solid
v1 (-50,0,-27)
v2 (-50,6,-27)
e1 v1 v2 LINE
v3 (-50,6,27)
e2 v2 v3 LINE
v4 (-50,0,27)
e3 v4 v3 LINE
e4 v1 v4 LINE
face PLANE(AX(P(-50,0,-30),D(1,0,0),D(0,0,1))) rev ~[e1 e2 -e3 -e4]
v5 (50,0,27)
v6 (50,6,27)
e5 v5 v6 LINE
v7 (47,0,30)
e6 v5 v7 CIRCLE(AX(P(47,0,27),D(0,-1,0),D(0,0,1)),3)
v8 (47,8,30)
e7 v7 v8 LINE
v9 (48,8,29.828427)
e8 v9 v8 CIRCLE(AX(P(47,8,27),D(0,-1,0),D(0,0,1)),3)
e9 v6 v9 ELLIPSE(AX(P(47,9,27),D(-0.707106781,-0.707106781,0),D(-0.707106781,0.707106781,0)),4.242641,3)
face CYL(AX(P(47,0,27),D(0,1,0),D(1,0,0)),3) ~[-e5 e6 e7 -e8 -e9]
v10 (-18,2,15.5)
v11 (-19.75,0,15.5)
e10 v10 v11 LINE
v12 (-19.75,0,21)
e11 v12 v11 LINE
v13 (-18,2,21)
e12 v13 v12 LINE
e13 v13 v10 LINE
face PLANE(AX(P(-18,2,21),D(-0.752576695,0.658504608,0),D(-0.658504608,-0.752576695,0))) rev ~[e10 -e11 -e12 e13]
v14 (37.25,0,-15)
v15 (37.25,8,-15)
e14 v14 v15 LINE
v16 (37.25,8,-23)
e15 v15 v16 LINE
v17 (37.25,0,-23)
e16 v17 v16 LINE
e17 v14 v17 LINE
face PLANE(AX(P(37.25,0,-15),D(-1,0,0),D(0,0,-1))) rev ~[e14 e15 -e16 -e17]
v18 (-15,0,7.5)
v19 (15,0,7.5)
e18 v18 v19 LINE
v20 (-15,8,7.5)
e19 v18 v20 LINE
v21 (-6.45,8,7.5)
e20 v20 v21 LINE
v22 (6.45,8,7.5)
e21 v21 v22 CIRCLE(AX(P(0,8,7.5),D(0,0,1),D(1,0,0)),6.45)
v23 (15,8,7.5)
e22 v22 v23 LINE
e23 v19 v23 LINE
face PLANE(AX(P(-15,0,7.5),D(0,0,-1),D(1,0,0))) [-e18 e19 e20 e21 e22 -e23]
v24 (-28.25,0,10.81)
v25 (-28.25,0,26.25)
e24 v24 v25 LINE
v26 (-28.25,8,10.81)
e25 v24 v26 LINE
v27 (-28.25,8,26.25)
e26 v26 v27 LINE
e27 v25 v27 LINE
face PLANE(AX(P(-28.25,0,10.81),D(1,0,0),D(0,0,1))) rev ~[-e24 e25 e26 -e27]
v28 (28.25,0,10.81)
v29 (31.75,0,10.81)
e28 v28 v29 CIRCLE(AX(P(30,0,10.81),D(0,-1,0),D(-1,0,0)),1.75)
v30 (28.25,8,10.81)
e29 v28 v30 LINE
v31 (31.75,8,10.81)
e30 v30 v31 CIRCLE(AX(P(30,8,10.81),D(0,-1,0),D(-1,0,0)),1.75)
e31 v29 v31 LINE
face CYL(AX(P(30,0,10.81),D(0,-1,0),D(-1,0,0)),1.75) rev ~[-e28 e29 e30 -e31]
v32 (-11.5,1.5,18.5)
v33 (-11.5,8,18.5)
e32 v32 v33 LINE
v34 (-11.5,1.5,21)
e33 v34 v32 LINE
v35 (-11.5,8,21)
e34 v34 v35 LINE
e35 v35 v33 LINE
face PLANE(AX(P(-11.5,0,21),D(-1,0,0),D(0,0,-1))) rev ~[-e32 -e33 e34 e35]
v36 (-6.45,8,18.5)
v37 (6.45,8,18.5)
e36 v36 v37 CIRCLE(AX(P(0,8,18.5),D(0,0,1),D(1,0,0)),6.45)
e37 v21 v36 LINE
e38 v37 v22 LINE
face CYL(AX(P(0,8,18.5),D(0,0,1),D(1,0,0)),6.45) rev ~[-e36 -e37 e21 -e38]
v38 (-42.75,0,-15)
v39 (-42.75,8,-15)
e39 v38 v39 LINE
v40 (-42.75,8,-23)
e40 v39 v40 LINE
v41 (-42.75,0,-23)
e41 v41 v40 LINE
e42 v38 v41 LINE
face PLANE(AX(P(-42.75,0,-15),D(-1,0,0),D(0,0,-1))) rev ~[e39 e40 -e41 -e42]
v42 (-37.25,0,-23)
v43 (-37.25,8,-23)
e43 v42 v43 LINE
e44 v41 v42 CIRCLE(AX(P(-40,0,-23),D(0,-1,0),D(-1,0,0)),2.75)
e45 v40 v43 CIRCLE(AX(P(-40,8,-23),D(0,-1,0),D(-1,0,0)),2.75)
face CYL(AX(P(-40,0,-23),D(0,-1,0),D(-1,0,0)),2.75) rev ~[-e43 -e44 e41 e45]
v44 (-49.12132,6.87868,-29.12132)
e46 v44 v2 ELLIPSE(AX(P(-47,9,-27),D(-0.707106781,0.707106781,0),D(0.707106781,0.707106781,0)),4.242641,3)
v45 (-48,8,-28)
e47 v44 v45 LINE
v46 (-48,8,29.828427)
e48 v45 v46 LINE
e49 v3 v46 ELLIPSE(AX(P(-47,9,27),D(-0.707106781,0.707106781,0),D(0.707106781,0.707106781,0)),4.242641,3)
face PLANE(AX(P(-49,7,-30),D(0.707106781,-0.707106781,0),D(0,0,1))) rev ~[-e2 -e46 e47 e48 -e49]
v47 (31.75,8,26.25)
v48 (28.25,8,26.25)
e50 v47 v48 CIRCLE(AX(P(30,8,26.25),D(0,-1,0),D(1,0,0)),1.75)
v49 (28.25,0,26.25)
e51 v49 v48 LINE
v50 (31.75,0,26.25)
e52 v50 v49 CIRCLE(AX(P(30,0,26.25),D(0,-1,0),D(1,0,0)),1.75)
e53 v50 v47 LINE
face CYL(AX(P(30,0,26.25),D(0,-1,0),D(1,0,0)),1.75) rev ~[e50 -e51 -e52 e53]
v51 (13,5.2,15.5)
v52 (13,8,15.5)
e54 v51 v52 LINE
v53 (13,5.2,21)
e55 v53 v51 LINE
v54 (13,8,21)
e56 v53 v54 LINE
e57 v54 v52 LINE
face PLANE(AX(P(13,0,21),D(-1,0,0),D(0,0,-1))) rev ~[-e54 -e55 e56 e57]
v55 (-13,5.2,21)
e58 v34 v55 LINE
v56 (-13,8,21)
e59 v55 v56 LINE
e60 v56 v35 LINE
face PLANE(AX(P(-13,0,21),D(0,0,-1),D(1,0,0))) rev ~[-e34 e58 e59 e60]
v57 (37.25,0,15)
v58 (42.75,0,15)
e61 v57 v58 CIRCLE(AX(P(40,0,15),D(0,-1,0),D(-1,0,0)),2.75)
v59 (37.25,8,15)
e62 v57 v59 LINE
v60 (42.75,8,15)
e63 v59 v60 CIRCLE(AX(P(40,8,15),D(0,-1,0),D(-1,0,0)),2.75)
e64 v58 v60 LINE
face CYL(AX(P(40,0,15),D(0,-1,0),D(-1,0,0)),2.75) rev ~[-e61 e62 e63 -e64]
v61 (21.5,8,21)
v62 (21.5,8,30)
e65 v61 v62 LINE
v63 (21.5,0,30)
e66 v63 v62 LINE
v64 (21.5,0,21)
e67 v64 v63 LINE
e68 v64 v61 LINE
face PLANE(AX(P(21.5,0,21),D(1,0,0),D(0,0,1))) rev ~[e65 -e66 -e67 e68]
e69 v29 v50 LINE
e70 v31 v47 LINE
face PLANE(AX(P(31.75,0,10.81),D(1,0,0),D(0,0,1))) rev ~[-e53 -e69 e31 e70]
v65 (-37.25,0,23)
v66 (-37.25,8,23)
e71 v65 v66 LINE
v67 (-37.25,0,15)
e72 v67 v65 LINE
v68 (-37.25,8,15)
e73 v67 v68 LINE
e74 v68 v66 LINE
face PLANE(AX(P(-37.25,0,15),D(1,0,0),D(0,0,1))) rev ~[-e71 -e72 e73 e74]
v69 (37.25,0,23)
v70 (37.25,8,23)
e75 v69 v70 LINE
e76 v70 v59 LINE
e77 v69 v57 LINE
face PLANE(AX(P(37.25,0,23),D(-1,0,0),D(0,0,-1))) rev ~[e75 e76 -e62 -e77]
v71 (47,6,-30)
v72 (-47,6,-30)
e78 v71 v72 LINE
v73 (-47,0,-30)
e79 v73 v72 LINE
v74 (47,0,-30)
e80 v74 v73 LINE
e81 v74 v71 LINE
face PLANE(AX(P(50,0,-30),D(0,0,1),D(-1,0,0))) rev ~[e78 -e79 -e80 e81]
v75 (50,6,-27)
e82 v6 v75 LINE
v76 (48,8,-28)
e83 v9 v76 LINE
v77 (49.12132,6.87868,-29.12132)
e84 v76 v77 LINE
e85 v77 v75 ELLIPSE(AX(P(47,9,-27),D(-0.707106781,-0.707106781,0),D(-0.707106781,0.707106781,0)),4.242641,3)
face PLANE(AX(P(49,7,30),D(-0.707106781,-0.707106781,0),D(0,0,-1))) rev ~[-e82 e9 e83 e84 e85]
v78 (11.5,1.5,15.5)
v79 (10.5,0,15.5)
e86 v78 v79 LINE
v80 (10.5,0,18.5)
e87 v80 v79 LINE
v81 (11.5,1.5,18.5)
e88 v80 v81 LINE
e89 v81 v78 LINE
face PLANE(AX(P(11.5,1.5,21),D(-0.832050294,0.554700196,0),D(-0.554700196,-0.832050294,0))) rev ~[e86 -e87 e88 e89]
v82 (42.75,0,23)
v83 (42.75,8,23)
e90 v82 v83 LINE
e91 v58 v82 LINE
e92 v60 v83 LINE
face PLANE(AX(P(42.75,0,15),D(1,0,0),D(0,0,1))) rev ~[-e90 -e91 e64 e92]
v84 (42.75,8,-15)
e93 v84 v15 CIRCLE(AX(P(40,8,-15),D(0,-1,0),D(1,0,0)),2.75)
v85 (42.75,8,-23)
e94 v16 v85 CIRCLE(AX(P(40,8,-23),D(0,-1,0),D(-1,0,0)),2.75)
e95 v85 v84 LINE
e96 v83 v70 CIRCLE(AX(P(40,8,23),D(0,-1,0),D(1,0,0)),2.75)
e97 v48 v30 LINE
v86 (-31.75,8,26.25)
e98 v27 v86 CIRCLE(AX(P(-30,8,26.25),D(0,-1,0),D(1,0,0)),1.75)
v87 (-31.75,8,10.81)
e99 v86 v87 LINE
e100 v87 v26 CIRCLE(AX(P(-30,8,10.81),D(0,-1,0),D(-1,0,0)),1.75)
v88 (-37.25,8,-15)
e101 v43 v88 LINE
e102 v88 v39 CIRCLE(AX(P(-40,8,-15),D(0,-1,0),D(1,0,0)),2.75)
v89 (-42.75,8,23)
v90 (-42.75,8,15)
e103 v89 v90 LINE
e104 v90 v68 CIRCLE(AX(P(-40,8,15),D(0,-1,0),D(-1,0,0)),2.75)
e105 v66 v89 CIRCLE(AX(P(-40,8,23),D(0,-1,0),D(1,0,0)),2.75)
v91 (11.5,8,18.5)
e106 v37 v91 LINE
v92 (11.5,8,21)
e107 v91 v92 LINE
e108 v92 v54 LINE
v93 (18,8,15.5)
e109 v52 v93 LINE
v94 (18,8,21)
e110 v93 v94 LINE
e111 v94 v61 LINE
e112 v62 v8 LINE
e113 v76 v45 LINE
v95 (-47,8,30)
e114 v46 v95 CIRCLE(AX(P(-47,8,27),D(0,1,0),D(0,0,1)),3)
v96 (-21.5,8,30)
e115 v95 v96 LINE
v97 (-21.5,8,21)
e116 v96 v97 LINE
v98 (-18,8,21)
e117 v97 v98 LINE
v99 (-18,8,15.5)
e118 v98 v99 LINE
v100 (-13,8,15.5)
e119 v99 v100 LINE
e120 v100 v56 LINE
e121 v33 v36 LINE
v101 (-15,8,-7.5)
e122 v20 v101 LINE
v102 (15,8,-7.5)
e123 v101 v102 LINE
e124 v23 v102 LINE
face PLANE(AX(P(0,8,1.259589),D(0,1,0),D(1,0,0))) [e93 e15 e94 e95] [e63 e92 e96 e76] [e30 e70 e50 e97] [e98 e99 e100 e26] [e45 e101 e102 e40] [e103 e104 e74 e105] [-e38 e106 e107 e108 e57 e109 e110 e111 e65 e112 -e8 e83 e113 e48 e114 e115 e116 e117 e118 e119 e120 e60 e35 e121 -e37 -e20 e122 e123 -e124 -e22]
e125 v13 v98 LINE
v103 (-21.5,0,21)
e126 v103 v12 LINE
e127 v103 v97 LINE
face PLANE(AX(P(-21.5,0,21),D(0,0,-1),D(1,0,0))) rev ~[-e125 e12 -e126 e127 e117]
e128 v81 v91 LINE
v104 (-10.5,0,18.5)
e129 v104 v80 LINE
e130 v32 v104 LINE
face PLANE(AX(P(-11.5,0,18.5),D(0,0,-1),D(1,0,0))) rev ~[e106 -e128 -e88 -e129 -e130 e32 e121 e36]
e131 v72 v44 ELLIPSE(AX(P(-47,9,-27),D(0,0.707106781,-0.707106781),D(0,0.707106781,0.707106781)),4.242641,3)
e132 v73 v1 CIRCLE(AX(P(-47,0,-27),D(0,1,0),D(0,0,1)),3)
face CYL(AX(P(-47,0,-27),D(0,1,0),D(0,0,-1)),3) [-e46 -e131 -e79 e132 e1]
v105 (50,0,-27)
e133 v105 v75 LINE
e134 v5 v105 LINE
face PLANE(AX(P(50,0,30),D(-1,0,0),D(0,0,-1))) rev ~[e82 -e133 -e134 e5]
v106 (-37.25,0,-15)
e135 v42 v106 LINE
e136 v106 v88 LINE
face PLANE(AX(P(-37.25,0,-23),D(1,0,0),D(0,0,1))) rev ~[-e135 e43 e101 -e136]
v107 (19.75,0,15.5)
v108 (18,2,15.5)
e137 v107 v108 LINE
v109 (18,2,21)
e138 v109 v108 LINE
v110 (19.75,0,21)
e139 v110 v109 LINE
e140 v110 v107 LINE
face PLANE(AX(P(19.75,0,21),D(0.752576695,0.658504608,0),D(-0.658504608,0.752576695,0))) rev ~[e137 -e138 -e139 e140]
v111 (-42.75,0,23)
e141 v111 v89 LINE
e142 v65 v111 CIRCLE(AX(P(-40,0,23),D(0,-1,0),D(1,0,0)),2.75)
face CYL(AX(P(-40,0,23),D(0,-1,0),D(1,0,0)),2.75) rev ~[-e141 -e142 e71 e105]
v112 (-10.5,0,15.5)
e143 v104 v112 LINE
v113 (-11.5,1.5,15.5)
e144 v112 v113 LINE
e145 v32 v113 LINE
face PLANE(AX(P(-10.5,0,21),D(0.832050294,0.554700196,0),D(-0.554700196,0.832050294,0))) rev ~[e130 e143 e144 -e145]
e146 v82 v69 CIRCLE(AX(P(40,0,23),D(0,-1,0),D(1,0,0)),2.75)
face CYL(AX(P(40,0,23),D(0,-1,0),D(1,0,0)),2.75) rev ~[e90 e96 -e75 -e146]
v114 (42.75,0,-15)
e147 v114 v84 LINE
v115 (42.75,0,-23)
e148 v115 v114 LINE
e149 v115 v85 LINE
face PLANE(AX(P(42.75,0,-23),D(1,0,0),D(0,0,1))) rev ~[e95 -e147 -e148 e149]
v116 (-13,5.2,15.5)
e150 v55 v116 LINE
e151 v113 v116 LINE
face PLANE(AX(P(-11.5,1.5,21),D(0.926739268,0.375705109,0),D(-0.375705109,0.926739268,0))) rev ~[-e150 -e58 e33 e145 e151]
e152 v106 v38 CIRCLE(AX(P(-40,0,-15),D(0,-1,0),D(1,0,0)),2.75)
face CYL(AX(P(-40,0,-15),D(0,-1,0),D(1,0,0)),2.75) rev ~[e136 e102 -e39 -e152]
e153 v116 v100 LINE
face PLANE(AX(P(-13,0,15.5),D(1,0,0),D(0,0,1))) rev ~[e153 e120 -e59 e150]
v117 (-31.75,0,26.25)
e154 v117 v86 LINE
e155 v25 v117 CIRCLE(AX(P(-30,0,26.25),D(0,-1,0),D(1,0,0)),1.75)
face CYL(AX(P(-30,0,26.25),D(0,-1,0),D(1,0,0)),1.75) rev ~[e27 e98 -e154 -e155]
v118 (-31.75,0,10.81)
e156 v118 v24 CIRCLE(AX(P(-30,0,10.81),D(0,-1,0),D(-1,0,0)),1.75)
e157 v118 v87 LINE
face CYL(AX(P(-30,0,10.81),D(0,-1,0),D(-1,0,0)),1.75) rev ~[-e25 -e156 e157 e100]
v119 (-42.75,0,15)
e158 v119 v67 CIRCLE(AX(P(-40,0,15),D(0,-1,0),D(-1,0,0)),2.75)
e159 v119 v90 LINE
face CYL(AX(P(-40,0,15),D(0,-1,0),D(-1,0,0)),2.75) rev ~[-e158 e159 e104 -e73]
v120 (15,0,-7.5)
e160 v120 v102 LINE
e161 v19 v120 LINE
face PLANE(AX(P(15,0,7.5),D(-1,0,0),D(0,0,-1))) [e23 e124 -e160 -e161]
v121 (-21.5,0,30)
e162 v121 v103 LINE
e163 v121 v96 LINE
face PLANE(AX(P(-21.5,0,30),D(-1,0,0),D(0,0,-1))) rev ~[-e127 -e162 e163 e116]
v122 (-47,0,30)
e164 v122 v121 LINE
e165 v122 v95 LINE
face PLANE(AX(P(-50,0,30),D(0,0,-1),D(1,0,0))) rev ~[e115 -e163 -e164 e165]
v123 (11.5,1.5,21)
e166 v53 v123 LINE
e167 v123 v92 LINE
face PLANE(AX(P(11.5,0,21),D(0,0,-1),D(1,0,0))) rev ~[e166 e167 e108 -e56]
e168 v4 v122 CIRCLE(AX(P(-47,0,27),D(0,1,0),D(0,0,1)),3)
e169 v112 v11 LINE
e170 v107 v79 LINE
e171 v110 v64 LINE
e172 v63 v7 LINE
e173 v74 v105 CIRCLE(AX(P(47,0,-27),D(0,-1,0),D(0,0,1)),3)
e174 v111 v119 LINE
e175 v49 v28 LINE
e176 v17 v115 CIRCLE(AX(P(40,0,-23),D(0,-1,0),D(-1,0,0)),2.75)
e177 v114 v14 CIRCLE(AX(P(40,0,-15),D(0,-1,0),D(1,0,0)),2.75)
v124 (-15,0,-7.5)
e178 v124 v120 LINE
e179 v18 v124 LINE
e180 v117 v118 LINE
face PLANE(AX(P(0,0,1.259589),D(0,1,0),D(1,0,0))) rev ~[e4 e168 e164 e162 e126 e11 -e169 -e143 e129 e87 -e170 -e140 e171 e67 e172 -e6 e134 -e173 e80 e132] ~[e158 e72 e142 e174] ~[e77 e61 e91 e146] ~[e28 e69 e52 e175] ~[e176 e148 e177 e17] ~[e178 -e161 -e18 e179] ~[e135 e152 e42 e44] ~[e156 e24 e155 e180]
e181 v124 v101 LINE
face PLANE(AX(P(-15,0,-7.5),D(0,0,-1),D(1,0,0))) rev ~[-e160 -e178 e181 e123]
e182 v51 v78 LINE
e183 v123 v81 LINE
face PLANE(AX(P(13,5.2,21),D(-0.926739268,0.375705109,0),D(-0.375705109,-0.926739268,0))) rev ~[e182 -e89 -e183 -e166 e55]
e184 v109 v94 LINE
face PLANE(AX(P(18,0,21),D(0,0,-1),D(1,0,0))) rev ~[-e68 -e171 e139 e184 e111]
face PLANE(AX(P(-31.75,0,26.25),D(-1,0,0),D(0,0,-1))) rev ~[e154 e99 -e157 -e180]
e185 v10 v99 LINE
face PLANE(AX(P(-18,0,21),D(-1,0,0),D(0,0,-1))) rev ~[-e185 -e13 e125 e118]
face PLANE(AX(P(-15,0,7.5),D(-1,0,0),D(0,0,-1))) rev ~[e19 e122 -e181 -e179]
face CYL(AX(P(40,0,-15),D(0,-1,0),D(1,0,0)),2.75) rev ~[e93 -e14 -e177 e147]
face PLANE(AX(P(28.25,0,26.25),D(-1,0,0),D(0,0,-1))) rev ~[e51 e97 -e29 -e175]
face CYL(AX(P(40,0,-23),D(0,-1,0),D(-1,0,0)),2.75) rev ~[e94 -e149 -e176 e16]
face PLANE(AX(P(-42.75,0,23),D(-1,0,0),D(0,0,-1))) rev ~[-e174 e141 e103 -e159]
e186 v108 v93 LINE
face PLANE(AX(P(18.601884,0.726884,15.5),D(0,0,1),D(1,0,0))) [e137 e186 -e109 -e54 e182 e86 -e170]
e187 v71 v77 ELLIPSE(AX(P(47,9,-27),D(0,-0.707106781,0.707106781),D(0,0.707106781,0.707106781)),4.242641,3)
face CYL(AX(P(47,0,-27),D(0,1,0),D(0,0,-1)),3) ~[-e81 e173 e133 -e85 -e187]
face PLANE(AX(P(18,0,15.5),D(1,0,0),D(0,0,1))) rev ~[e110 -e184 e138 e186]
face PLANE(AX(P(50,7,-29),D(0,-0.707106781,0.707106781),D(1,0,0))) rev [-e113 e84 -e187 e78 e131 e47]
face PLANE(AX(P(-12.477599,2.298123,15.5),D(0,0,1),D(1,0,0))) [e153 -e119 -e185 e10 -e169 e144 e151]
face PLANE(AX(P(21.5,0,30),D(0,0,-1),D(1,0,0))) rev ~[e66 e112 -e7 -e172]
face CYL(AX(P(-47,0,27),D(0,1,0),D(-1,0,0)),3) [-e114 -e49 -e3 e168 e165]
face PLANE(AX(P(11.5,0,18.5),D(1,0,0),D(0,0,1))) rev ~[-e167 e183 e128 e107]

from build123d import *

# Parameters (mm, degrees)
SKETCH1_W           = 30
SKETCH1_H           = 15
BOSS_EXTRUDE1_DEPTH = 8
SKETCH4_R           = 6.45
CUT_EXTRUDE1_DEPTH  = 11
CUT_EXTRUDE2_DEPTH  = 5.5
CHAMFER1_SIZE       = 2
FILLET1_R           = 3


with BuildPart() as part:
    # Sketch1 → Boss-Extrude1 (new body)
    with BuildSketch(Plane(origin=(0, 0, 0), x_dir=(1, 0, 0), z_dir=(0, 1, 0))):
        Polygon((50, 30), (-50, 30), (-50, -30), (-21.5, -30), (-21.5, -21), (-18, -21), (-18, -15.5), (-13, -15.5), (-13, -21), (-11.5, -21), (-11.5, -18.5), (11.5, -18.5), (11.5, -21), (13, -21), (13, -15.5), (18, -15.5), (18, -21), (21.5, -21), (21.5, -30), (50, -30), align=None)
        with BuildLine():
            ThreePointArc((-42.75, -15), (-40, -12.25), (-37.25, -15))
            Line((-37.25, -15), (-37.25, -19))
            Line((-37.25, -19), (-37.25, -23))
            ThreePointArc((-37.25, -23), (-40, -25.75), (-42.75, -23))
            Line((-42.75, -23), (-42.75, -19))
            Line((-42.75, -19), (-42.75, -15))
        make_face(mode=Mode.SUBTRACT)
        with BuildLine():
            ThreePointArc((-28.25, -26.25), (-30, -28), (-31.75, -26.25))
            Line((-31.75, -26.25), (-31.75, -10.81))
            ThreePointArc((-31.75, -10.81), (-30, -9.06), (-28.25, -10.81))
            Line((-28.25, -10.81), (-28.25, -26.25))
        make_face(mode=Mode.SUBTRACT)
        with BuildLine():
            ThreePointArc((28.25, -10.81), (30, -9.06), (31.75, -10.81))
            Line((31.75, -10.81), (31.75, -26.25))
            ThreePointArc((31.75, -26.25), (30, -28), (28.25, -26.25))
            Line((28.25, -26.25), (28.25, -10.81))
        make_face(mode=Mode.SUBTRACT)
        with BuildLine():
            ThreePointArc((42.75, -23), (40, -25.75), (37.25, -23))
            Line((37.25, -23), (37.25, -19))
            Line((37.25, -19), (37.25, -15))
            ThreePointArc((37.25, -15), (40, -12.25), (42.75, -15))
            Line((42.75, -15), (42.75, -19))
            Line((42.75, -19), (42.75, -23))
        make_face(mode=Mode.SUBTRACT)
        with BuildLine():
            ThreePointArc((-42.75, 23), (-40, 25.75), (-37.25, 23))
            Line((-37.25, 23), (-37.25, 19))
            Line((-37.25, 19), (-37.25, 15))
            ThreePointArc((-37.25, 15), (-40, 12.25), (-42.75, 15))
            Line((-42.75, 15), (-42.75, 19))
            Line((-42.75, 19), (-42.75, 23))
        make_face(mode=Mode.SUBTRACT)
        Rectangle(SKETCH1_W, SKETCH1_H, mode=Mode.SUBTRACT)
        with BuildLine():
            ThreePointArc((37.25, 23), (40, 25.75), (42.75, 23))
            Line((42.75, 23), (42.75, 19))
            Line((42.75, 19), (42.75, 15))
            ThreePointArc((42.75, 15), (40, 12.25), (37.25, 15))
            Line((37.25, 15), (37.25, 19))
            Line((37.25, 19), (37.25, 23))
        make_face(mode=Mode.SUBTRACT)
    extrude(amount=BOSS_EXTRUDE1_DEPTH)

    # Sketch4 → Cut-Extrude1 (cut)
    with BuildSketch(Plane.XY.offset(18.5)):
        with Locations((0, 8)):
            Circle(SKETCH4_R)
    extrude(amount=-CUT_EXTRUDE1_DEPTH, mode=Mode.SUBTRACT)

    # Sketch5 → Cut-Extrude2 (cut)
    with BuildSketch(Plane.XY.offset(21)):
        Polygon((13, 0), (13, 5.2), (11.5, 1.5), (11.5, 0), align=None)
        Polygon((19.75, 0), (18, 2), (18, 0), align=None)
        Polygon((-11.5, 0), (-11.5, 1.5), (-13, 5.2), (-13, 0), align=None)
        Polygon((-18, 2), (-19.75, 0), (-18, 0), align=None)
        Polygon((11.5, 0), (11.5, 1.5), (10.5, 0), align=None)
        Polygon((-11.5, 0), (-10.5, 0), (-11.5, 1.5), align=None)
    extrude(amount=-CUT_EXTRUDE2_DEPTH, mode=Mode.SUBTRACT)

    # Chamfer1
    chamfer1_edges = [part.edges().sort_by_distance(p)[0] for p in [
        (50, 8, 0),
        (0, 8, -30),
        (-50, 8, 0),
    ]]
    chamfer(chamfer1_edges, length=CHAMFER1_SIZE)

    # Fillet1
    fillet1_edges = [part.edges().sort_by_distance(p)[0] for p in [
        (-50, 3, 30),
        (50, 3, 30),
        (50, 3, -30),
        (-50, 3, -30),
    ]]
    fillet(fillet1_edges, radius=FILLET1_R)


solid = part.part
